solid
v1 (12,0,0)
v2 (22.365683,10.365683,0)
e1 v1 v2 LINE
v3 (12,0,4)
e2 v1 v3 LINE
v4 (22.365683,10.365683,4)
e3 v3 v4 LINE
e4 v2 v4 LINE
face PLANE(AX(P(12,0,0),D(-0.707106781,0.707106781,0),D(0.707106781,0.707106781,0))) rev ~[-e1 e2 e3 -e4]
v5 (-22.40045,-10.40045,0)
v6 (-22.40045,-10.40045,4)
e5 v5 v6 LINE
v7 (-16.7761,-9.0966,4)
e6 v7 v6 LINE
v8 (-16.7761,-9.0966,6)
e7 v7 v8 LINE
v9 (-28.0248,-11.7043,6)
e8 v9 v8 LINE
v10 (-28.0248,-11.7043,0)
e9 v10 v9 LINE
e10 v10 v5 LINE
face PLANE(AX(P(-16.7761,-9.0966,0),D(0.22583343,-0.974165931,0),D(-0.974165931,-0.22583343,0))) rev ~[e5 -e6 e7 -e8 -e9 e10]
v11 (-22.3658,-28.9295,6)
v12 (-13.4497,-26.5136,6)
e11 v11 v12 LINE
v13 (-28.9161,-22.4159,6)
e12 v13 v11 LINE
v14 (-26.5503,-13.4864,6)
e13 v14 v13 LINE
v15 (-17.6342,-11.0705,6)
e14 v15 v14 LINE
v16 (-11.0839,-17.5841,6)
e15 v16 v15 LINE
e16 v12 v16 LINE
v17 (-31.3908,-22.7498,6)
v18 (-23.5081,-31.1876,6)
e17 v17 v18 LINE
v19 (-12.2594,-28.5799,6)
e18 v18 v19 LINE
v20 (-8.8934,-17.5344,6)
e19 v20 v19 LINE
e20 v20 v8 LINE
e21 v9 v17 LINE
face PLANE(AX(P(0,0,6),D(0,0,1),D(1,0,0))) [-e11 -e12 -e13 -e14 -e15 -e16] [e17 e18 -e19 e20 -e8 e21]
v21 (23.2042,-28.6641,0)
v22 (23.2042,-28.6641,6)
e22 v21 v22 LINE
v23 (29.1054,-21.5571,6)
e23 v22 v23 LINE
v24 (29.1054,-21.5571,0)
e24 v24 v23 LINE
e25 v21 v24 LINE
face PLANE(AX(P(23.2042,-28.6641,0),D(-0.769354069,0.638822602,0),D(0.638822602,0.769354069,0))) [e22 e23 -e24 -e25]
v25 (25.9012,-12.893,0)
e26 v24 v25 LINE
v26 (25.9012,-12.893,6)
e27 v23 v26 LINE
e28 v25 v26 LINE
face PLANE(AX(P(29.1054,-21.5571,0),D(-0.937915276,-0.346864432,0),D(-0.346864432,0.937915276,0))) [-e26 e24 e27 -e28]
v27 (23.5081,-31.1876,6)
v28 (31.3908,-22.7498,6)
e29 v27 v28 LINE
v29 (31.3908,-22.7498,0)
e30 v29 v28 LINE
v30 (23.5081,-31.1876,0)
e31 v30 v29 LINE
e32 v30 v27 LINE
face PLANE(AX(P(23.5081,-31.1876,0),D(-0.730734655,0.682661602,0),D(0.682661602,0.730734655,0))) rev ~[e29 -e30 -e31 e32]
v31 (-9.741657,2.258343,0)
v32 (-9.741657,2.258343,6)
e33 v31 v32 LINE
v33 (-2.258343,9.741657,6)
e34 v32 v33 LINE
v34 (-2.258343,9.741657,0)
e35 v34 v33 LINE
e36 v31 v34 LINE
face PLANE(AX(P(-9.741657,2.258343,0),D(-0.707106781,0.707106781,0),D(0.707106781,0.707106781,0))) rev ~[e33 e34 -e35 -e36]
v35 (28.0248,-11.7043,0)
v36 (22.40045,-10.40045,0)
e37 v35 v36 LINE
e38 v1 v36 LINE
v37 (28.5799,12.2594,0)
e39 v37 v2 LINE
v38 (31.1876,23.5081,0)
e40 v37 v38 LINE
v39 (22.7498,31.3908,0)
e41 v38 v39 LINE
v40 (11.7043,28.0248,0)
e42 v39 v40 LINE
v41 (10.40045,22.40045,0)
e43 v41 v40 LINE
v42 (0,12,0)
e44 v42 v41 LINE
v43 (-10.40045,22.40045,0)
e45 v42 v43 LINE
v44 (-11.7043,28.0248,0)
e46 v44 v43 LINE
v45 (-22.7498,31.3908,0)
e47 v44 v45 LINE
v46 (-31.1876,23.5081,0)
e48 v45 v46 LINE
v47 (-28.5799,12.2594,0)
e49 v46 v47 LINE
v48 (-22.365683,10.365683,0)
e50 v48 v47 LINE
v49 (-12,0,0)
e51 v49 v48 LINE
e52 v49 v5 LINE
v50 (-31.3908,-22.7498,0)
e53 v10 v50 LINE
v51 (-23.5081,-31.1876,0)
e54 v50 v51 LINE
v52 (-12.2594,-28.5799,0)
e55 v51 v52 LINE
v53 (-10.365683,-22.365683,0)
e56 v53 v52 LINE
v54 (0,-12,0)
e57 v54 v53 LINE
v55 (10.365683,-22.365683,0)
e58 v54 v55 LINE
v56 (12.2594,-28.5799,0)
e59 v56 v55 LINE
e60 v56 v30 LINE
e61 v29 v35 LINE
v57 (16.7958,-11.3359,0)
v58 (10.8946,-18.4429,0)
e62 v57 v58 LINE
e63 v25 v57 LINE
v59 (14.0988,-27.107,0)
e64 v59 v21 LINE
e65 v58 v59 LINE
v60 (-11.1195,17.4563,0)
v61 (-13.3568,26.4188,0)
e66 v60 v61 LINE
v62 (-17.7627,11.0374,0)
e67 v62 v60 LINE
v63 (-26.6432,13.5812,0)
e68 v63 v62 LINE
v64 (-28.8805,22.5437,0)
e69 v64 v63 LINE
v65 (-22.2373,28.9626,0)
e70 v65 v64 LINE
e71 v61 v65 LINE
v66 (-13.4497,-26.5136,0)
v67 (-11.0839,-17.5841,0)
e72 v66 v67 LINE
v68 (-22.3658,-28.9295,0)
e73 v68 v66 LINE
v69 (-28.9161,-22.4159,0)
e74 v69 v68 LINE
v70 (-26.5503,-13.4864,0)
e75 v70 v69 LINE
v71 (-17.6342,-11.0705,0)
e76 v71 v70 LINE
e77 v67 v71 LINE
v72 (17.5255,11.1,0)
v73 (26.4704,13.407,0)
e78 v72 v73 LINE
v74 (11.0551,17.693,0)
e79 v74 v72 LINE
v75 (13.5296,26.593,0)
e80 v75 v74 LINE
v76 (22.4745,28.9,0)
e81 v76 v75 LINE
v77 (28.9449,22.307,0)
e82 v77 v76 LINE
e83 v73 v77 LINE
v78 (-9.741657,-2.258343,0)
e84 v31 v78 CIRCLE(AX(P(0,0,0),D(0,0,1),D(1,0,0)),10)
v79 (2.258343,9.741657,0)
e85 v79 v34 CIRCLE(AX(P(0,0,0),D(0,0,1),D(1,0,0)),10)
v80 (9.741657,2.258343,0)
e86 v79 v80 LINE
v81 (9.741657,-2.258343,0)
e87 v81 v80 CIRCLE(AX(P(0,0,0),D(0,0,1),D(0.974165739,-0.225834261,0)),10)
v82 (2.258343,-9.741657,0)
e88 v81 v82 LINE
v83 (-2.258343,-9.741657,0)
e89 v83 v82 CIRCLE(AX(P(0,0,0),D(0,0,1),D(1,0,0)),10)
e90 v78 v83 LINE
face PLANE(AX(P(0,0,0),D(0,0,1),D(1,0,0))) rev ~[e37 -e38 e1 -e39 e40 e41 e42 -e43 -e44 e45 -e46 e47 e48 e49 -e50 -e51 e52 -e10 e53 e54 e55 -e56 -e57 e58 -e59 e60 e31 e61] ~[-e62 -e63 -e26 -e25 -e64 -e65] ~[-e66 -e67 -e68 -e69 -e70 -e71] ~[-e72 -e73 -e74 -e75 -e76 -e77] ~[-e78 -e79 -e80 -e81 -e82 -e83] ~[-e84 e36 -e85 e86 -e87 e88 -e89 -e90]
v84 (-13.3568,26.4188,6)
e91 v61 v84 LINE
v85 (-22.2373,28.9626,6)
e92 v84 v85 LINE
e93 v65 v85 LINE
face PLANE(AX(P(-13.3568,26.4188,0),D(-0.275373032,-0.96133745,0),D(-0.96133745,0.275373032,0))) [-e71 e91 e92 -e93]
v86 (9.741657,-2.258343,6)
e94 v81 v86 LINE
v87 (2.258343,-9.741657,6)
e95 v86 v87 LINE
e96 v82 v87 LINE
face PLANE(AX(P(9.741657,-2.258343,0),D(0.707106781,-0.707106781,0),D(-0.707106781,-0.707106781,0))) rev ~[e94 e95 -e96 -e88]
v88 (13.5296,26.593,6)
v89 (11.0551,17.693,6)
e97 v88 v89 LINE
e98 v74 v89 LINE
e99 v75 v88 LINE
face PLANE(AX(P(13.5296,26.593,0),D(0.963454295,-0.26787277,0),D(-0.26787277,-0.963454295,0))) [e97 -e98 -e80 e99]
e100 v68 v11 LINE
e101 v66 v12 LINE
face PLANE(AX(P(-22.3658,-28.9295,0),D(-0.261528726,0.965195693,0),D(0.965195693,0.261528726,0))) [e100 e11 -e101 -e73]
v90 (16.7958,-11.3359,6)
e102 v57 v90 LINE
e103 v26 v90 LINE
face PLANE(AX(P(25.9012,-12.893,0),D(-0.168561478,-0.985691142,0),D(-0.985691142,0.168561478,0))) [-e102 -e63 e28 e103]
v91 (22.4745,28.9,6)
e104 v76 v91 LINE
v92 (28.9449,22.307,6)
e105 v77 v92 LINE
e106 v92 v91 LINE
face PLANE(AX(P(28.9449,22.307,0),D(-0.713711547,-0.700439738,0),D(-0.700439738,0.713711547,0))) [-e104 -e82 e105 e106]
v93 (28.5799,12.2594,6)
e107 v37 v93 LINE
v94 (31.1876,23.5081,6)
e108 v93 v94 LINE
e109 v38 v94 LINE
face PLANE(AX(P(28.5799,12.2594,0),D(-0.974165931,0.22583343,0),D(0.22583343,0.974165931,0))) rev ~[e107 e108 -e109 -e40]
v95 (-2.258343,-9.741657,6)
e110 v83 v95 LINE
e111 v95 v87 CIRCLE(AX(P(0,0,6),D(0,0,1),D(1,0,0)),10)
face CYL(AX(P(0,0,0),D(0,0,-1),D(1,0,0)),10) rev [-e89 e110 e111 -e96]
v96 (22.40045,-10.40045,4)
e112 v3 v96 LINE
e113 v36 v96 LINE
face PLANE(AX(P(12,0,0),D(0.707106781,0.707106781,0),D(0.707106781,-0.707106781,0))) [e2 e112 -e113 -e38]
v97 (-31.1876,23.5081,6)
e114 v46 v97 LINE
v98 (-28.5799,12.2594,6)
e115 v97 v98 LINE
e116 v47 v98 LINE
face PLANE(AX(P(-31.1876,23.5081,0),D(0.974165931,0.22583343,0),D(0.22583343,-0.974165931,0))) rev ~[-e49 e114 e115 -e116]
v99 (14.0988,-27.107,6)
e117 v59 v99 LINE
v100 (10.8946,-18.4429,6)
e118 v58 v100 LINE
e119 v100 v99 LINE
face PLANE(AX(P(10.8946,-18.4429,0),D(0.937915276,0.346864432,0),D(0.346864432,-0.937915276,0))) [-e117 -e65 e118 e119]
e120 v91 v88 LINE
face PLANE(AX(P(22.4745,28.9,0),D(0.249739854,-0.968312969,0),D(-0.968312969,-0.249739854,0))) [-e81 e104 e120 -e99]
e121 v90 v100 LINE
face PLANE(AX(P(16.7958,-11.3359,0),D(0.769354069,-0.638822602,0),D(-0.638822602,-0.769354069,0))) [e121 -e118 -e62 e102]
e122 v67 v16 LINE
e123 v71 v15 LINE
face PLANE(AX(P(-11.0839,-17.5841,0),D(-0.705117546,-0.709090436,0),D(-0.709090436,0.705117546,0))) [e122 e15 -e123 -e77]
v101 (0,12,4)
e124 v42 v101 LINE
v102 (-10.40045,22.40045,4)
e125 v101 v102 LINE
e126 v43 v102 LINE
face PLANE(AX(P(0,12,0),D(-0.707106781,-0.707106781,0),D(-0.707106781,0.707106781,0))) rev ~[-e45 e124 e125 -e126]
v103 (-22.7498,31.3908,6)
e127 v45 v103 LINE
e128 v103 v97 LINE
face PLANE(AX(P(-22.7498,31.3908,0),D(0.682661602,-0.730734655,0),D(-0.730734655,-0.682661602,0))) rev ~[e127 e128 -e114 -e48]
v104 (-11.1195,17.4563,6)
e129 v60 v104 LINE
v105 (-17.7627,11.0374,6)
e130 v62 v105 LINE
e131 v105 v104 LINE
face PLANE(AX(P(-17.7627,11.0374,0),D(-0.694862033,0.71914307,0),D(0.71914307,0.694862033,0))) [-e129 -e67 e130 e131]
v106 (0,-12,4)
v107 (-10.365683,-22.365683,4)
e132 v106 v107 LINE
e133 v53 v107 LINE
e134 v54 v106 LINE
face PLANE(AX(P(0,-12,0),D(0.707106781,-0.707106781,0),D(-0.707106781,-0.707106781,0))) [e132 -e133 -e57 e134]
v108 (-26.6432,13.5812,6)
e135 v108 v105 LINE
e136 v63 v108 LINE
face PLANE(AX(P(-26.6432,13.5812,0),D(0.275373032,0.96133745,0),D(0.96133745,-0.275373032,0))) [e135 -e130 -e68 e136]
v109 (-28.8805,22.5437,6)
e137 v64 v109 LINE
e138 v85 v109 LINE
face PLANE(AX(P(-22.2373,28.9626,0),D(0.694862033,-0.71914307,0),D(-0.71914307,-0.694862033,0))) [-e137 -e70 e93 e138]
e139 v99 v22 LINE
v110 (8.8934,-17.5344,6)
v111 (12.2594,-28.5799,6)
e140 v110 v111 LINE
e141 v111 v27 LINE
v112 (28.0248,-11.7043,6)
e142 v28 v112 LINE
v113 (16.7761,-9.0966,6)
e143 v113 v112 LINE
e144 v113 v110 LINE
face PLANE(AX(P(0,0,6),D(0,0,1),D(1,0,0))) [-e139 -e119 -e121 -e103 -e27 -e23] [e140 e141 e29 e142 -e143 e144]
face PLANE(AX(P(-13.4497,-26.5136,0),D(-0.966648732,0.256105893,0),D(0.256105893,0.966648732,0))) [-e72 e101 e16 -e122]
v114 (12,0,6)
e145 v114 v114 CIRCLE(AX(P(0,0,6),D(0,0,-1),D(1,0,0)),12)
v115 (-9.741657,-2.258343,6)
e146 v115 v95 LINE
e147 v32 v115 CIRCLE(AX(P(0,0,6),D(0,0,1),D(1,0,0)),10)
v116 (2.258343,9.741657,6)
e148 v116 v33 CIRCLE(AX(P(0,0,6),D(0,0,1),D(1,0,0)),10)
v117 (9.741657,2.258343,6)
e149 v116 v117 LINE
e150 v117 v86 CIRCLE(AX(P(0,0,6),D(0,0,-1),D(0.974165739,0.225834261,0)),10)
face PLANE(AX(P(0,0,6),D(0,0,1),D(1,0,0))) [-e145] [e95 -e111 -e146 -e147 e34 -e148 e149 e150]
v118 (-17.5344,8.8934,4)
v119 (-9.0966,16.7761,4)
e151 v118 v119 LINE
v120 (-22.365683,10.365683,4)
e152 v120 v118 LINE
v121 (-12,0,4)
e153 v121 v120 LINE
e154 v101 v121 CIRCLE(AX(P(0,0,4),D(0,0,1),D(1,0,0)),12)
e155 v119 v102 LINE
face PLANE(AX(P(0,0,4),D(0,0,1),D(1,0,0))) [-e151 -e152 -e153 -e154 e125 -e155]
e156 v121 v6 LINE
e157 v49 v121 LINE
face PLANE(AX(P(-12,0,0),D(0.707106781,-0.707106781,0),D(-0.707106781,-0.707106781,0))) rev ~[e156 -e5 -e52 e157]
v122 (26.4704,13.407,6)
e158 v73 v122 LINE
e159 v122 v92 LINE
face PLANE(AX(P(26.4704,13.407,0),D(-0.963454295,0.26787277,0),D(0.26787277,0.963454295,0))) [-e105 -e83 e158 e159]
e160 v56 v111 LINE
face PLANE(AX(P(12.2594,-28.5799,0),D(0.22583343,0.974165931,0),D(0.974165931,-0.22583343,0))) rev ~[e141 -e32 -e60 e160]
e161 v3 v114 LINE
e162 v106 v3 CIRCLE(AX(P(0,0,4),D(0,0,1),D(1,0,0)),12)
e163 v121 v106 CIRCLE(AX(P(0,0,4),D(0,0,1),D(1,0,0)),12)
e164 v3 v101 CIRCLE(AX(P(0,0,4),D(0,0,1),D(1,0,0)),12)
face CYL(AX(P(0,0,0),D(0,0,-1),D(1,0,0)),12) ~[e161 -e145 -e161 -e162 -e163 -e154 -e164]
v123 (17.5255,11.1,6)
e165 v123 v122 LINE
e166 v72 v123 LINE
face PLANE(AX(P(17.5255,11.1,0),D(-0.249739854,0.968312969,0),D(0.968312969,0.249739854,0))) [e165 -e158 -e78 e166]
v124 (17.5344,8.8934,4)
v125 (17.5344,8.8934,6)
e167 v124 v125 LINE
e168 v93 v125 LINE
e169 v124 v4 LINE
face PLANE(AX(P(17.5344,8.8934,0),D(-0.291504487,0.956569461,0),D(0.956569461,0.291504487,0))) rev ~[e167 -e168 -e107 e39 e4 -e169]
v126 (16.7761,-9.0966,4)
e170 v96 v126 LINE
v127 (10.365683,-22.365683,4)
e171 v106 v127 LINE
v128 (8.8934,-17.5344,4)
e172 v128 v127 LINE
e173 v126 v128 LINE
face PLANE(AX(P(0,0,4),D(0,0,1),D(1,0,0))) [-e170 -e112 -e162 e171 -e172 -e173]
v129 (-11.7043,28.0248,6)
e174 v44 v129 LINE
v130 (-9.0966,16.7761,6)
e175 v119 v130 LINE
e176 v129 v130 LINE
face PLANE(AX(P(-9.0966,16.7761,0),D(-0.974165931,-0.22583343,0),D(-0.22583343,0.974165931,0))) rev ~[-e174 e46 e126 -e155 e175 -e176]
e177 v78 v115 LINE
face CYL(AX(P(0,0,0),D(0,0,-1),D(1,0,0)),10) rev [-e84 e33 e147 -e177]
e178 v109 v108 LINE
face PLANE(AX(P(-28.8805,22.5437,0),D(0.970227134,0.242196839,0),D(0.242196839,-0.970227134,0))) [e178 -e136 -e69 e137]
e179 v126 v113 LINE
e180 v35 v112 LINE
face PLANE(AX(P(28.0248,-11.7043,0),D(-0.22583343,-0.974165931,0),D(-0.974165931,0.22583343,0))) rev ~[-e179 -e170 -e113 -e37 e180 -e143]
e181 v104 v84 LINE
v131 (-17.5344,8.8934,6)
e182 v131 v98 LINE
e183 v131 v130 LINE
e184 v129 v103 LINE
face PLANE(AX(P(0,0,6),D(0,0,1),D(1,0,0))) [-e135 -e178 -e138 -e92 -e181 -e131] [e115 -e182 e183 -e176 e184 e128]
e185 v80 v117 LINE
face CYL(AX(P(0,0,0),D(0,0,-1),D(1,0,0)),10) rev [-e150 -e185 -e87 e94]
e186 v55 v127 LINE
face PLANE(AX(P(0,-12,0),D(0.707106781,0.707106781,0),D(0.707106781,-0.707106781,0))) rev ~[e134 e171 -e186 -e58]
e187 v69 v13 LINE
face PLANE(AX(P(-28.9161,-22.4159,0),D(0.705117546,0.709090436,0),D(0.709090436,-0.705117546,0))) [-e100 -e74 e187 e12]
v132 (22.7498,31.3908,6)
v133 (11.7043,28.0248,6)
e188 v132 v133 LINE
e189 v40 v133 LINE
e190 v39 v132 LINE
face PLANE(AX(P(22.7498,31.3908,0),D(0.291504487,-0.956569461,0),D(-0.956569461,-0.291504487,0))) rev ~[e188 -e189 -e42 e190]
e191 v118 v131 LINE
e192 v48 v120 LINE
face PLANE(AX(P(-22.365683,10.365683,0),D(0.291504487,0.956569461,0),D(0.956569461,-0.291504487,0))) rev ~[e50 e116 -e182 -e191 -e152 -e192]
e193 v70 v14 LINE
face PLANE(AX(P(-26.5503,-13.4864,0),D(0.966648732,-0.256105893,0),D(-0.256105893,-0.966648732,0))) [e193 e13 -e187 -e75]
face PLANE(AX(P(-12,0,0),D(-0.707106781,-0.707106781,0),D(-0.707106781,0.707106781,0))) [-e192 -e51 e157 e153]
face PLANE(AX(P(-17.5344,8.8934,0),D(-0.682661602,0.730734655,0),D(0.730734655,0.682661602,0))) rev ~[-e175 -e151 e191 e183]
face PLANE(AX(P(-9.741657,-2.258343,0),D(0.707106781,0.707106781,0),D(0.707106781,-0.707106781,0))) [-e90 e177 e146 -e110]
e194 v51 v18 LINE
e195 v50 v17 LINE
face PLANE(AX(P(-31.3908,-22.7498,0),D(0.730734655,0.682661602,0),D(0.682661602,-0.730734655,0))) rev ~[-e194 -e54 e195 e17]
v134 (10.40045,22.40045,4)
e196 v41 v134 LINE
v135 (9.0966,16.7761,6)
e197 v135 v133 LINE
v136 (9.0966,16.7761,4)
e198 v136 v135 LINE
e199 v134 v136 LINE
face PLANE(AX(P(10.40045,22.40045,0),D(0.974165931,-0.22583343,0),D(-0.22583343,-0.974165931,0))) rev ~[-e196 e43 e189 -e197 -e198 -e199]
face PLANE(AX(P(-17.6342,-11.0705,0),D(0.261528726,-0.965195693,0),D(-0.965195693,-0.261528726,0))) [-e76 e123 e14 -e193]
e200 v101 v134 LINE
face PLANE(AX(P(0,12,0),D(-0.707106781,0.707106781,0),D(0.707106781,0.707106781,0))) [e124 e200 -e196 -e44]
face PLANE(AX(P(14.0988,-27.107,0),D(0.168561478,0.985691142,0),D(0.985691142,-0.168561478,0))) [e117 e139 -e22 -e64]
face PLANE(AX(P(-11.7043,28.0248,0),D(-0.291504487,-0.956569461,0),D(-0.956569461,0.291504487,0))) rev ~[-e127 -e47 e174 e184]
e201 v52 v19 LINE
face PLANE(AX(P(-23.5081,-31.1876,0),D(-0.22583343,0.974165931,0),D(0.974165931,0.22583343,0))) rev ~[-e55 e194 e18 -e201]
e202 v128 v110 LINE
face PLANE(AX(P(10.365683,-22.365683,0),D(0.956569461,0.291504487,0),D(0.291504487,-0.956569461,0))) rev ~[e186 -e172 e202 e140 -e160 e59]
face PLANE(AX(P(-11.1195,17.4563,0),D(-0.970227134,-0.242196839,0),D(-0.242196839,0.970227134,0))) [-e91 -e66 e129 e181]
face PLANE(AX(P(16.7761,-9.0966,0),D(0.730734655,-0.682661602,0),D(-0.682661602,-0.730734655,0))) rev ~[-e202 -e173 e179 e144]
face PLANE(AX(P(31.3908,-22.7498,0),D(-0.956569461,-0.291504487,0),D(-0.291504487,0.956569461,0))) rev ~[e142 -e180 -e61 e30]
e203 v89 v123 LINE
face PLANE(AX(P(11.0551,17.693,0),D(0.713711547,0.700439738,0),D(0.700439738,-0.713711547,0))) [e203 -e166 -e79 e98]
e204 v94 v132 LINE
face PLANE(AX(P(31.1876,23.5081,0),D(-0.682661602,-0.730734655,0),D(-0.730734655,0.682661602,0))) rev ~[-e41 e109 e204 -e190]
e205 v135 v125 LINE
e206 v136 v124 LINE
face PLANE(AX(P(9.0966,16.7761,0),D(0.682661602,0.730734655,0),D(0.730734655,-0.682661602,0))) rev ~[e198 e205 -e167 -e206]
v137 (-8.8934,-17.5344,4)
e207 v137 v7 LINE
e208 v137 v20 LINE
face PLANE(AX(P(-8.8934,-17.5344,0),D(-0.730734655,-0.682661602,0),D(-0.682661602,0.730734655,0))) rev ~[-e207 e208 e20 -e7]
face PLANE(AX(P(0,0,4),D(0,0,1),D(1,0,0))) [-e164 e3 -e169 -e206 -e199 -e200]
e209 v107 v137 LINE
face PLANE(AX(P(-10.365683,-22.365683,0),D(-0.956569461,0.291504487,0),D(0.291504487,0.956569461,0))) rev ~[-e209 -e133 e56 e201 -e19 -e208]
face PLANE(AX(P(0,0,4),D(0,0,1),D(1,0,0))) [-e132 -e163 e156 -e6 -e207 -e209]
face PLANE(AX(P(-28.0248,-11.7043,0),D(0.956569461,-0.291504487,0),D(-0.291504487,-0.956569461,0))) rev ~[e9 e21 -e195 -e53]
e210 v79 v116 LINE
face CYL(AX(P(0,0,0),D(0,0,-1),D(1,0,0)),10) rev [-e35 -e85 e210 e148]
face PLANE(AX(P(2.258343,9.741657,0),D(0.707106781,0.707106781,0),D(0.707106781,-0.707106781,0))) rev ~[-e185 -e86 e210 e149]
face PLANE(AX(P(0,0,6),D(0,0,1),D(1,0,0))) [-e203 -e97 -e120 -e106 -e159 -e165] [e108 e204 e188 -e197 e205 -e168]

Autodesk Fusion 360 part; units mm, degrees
sketch "Sketch1" plane through (0, 0, 0) normal (0, 0, 1) x (1, 0, 0)
  circle A0 centre (0, 0) radius 12
  circle A1 centre (0, 0) radius 10
  line L0 (12, 0) -> (0, -12)
  line L1 (-12, 0) -> (0, -12)
  line L2 (-12, 0) -> (0, 12)
  line L3 (0, 12) -> (12, 0)
  line L4 (0, 12) -> (14.1421, 26.1421)
  line L5 (12, 0) -> (26.1421, 14.1421)
  line L6 (26.1421, 14.1421) -> (14.1421, 26.1421)
  line L7 (12, 0) -> (26.1421, -14.1421)
  line L8 (0, -12) -> (14.1421, -26.1421)
  line L9 (14.1421, -26.1421) -> (26.1421, -14.1421)
  line L10 (0, -12) -> (-14.1421, -26.1421)
  line L11 (-12, 0) -> (-26.1421, -14.1421)
  line L12 (-26.1421, -14.1421) -> (-14.1421, -26.1421)
  line L13 (0, 12) -> (-14.1421, 26.1421)
  line L14 (-12, 0) -> (-26.1421, 14.1421)
  line L15 (-26.1421, 14.1421) -> (-14.1421, 26.1421)
  line L16 (16.7761, -9.0966) -> (8.8934, -17.5344)
  line L17 (8.8934, -17.5344) -> (12.2594, -28.5799)
  line L18 (12.2594, -28.5799) -> (23.5081, -31.1876)
  line L19 (23.5081, -31.1876) -> (31.3908, -22.7498)
  line L20 (31.3908, -22.7498) -> (28.0248, -11.7043)
  line L21 (28.0248, -11.7043) -> (16.7761, -9.0966)
  line L22 (-28.0248, -11.7043) -> (-31.3908, -22.7498)
  line L23 (-31.3908, -22.7498) -> (-23.5081, -31.1876)
  line L24 (-23.5081, -31.1876) -> (-12.2594, -28.5799)
  line L25 (-12.2594, -28.5799) -> (-8.8934, -17.5344)
  line L26 (-8.8934, -17.5344) -> (-16.7761, -9.0966)
  line L27 (-16.7761, -9.0966) -> (-28.0248, -11.7043)
  line L28 (-11.7043, 28.0248) -> (-22.7498, 31.3908)
  line L29 (-22.7498, 31.3908) -> (-31.1876, 23.5081)
  line L30 (-31.1876, 23.5081) -> (-28.5799, 12.2594)
  line L31 (-28.5799, 12.2594) -> (-17.5344, 8.8934)
  line L32 (-17.5344, 8.8934) -> (-9.0966, 16.7761)
  line L33 (-9.0966, 16.7761) -> (-11.7043, 28.0248)
  line L34 (9.0966, 16.7761) -> (17.5344, 8.8934)
  line L35 (17.5344, 8.8934) -> (28.5799, 12.2594)
  line L36 (28.5799, 12.2594) -> (31.1876, 23.5081)
  line L37 (31.1876, 23.5081) -> (22.7498, 31.3908)
  line L38 (22.7498, 31.3908) -> (11.7043, 28.0248)
  line L39 (11.7043, 28.0248) -> (9.0966, 16.7761)
  point P0 (20.1421, -20.1421)
  point P1 (-20.1421, -20.1421)
  point P2 (-20.1421, 20.1421)
  point P3 (20.1421, 20.1421)
  dimension "d2" = 20
  dimension "d3" = 20
  dimension "d4" = 20
  dimension "d5" = 20
  dimension "d6" = 20
  dimension "d7" = 20
  dimension "d8" = 20
  dimension "d9" = 20
  dimension "d10" = 10
  dimension "d11" = 10
  dimension "d12" = 10
  dimension "d13" = 10
sketch "Sketch2" plane through (0, 0, 0) normal (0, 0, 1) x (1, 0, 0)
  line L0 (-13.3568, 26.4188) -> (-22.2373, 28.9626)
  line L1 (-22.2373, 28.9626) -> (-28.8805, 22.5437)
  line L2 (-28.8805, 22.5437) -> (-26.6432, 13.5812)
  line L3 (-26.6432, 13.5812) -> (-17.7627, 11.0374)
  line L4 (-17.7627, 11.0374) -> (-11.1195, 17.4563)
  line L5 (-11.1195, 17.4563) -> (-13.3568, 26.4188)
  line L6 (17.5255, 11.1) -> (26.4704, 13.407)
  line L7 (26.4704, 13.407) -> (28.9449, 22.307)
  line L8 (28.9449, 22.307) -> (22.4745, 28.9)
  line L9 (22.4745, 28.9) -> (13.5296, 26.593)
  line L10 (13.5296, 26.593) -> (11.0551, 17.693)
  line L11 (11.0551, 17.693) -> (17.5255, 11.1)
  line L12 (10.8946, -18.4429) -> (14.0988, -27.107)
  line L13 (14.0988, -27.107) -> (23.2042, -28.6641)
  line L14 (23.2042, -28.6641) -> (29.1054, -21.5571)
  line L15 (29.1054, -21.5571) -> (25.9012, -12.893)
  line L16 (25.9012, -12.893) -> (16.7958, -11.3359)
  line L17 (16.7958, -11.3359) -> (10.8946, -18.4429)
  line L18 (-17.6342, -11.0705) -> (-26.5503, -13.4864)
  line L19 (-26.5503, -13.4864) -> (-28.9161, -22.4159)
  line L20 (-28.9161, -22.4159) -> (-22.3658, -28.9295)
  line L21 (-22.3658, -28.9295) -> (-13.4497, -26.5136)
  line L22 (-13.4497, -26.5136) -> (-11.0839, -17.5841)
  line L23 (-11.0839, -17.5841) -> (-17.6342, -11.0705)
  point P0 (-20, 20)
  point P1 (20, 20)
  point P2 (20, -20)
  point P3 (-20, -20)
  dimension "d14" = 8
  dimension "d15" = 8
  dimension "d16" = 8
  dimension "d17" = 8
extrude "Extrude1" add sketch "Sketch2" sketch "Sketch1" along normal blind 6 contours L0 L1 L2 L3 L4 L5 | L6 L7 L8 L9 L10 L11 | L18 L19 L20 L21 L22 L23 of sketch 2 contours L4 L5 L6 L34 L35 L39 | L4 L5 L6 L35 L36 L37 L38 L39 | L7 L8 L9 L17 L18 L19 L20 L21 | L7 L8 L9 L16 L17 L21 | L13 L14 L15 L31 L32 L33 | L13 L14 L15 L28 L29 L30 L31 L33 | L10 L11 L12 L22 L23 L24 L25 L27 | L10 L11 L12 L25 L26 L27 makes body 1 at (23.8917, -21.0114, 0) makes body 2 at (-17.3295, 22.7697, 0) makes body 3 at (23.824, 21.2641, 0) makes body 4 at (-16.3926, -19.2729, 0)
extrude "Extrude2" add sketch "Sketch1" along normal blind 6 separate body contours A0 A1 L3 | A0 A1 L0 | A1 L0 L3 | A0 A1 L2 | A1 L2 L3 | A1 L0 L1 | A0 A1 L1 | A1 L0 | A1 L3 | A1 L1 L2 | A1 L2 | A1 L1 makes body 5
extrude "Extrude3" add sketch "Sketch1" along normal blind 4 contours A0 L7 L8 L16 L17 L21 | A0 L4 L5 L34 L35 L39 | A0 L13 L14 L31 L32 L33 | A0 L10 L11 L25 L26 L27 bodies 5 1 2 3 4
extrude "Extrude4" cut sketch "Sketch2" along normal blind 6 bodies 5
